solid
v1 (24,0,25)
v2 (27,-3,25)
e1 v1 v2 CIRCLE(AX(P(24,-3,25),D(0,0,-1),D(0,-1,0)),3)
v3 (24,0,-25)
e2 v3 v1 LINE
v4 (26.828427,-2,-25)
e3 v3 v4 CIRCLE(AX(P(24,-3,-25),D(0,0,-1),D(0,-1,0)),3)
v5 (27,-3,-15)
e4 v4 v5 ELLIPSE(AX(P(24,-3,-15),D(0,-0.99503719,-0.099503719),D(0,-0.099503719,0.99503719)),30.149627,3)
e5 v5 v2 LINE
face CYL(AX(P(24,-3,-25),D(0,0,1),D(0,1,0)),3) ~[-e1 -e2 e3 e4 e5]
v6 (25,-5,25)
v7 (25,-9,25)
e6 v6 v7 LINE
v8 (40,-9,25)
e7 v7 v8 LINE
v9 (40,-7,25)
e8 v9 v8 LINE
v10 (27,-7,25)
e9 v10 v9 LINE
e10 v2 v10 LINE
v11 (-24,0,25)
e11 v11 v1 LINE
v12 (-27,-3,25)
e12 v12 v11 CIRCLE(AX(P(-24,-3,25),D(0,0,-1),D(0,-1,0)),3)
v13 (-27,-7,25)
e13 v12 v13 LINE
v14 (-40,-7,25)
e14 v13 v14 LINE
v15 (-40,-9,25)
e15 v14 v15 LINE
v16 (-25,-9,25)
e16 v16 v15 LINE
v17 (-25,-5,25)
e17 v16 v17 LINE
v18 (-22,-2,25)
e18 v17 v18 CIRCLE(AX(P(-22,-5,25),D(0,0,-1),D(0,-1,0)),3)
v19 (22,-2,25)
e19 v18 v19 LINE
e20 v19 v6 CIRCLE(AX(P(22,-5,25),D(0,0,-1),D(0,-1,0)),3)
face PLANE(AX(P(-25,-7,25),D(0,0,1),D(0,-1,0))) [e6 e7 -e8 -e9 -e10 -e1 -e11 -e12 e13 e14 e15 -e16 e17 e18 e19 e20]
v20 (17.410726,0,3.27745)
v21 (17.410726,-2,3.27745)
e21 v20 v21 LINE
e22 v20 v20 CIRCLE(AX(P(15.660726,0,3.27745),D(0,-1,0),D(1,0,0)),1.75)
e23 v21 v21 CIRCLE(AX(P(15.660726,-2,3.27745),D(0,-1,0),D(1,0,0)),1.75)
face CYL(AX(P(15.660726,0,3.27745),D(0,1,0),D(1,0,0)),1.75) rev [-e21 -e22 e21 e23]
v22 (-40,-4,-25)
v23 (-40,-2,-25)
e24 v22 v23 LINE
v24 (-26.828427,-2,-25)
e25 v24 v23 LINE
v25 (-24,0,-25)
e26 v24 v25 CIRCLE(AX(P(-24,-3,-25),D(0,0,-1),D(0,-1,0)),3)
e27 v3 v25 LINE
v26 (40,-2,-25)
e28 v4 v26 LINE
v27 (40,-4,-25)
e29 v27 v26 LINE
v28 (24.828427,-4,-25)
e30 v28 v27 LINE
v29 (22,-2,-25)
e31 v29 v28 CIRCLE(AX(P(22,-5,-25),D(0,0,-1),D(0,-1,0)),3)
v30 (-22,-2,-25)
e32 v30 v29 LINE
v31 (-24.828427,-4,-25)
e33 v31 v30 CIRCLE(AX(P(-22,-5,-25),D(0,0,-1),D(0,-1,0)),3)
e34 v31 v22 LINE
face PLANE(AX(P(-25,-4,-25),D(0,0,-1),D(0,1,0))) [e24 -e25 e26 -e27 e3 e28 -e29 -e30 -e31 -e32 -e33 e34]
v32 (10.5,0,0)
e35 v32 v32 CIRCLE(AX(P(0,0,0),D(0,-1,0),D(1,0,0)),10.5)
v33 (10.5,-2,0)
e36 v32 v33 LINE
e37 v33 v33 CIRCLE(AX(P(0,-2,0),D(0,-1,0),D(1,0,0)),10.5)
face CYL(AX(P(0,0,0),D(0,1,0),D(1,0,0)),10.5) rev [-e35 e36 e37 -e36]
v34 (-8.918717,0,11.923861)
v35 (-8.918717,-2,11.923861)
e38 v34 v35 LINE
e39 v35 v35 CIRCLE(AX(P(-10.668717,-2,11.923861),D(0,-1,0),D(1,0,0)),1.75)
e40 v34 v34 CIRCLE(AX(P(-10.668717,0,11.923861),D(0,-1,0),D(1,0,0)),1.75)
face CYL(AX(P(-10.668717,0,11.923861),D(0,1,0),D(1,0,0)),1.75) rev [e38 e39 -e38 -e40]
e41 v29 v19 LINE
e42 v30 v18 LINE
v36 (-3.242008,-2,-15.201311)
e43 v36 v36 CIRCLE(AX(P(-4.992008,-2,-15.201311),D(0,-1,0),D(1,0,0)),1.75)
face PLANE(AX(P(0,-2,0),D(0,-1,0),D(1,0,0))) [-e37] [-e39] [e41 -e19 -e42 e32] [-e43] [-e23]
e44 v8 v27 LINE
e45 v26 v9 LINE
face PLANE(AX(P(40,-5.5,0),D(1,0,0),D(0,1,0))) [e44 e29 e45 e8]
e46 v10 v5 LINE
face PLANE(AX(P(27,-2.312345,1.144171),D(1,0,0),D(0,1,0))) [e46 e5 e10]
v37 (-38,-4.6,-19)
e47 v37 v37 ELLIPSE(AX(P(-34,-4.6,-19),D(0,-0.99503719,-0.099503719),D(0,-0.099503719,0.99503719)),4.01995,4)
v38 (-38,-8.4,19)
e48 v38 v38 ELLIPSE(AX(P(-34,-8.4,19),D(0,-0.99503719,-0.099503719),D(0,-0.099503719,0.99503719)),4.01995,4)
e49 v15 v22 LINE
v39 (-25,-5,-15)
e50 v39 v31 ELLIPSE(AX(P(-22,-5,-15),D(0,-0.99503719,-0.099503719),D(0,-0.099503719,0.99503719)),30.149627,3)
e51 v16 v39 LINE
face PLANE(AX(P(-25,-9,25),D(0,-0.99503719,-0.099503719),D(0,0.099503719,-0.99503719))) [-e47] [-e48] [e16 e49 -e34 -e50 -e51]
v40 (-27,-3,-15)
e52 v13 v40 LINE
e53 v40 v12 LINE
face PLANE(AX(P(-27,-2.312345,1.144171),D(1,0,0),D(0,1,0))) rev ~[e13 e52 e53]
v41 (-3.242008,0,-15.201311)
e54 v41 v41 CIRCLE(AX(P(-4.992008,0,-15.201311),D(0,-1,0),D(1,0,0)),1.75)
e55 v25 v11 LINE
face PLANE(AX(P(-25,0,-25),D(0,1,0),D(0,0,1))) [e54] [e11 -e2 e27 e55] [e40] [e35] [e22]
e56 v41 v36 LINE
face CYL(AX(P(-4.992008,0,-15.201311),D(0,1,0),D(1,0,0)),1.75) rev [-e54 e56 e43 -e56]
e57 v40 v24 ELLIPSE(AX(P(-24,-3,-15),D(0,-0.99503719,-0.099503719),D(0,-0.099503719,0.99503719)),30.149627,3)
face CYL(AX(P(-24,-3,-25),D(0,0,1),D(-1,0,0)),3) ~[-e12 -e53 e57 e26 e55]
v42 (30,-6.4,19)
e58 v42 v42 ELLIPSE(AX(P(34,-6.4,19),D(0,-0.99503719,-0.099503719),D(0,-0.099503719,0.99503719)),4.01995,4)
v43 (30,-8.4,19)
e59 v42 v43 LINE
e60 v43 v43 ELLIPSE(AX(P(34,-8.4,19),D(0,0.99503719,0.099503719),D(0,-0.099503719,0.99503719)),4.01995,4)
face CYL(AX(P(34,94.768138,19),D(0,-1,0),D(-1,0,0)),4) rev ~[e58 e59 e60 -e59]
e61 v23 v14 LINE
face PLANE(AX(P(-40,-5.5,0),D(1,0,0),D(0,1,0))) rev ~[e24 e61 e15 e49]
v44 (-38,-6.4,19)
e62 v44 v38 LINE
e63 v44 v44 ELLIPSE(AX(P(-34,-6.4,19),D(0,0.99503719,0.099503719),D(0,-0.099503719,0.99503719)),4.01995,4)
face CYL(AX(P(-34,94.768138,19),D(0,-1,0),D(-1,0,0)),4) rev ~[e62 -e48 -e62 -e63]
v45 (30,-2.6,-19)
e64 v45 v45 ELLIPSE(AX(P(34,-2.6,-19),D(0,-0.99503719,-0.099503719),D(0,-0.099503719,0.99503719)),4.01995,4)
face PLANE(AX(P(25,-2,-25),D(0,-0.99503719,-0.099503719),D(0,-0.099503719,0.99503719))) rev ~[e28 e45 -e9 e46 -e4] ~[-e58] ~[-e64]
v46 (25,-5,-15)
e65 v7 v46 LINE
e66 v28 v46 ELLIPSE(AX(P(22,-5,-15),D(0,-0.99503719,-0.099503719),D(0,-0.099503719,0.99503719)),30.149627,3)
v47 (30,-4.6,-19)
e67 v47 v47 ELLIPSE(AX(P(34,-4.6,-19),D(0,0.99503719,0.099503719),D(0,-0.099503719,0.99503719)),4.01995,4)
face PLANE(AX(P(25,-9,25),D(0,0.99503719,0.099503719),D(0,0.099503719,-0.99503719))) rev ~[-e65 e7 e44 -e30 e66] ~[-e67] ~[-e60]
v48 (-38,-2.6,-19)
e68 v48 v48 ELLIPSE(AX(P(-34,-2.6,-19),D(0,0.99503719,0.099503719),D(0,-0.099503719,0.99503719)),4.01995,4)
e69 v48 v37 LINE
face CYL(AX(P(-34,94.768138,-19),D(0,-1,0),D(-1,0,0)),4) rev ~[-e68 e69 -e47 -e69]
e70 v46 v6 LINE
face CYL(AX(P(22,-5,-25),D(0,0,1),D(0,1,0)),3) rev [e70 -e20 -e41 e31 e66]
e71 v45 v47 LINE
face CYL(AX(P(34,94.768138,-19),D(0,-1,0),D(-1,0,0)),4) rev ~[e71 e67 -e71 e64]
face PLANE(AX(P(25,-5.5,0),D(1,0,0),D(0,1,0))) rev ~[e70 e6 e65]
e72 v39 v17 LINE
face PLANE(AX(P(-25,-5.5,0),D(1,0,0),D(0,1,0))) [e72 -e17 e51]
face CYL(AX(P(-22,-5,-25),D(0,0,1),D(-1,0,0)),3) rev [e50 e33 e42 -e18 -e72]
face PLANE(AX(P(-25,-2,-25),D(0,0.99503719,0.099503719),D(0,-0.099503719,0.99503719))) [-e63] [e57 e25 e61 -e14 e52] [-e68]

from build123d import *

# Parameters (mm, degrees)
F0_W     = 50
F0_H     = 50
F0_R     = 1.75
F0_R_2   = 10.5
F1_DEPTH = 2
F3_START = 25
F3_DEPTH = 2
F5_START = -25
F5_DEPTH = 2
F7_START = 25
F7_DEPTH = 15
F8_START = -25
F8_DEPTH = 15
F10_D    = 8
F11_R    = 3


with BuildPart() as f1:
    # F0 (on Front) → F1 (new body)
    with BuildSketch(Plane.XZ):
        Rectangle(F0_W, F0_H)
        with Locations((-4.9920080166, -15.2013109949)):
            Circle(F0_R, mode=Mode.SUBTRACT)
        with Locations((-10.6687174841, 11.9238612557)):
            Circle(F0_R, mode=Mode.SUBTRACT)
        Circle(F0_R_2, mode=Mode.SUBTRACT)
        with Locations((15.6607255007, 3.2774497392)):
            Circle(F0_R, mode=Mode.SUBTRACT)
    extrude(amount=F1_DEPTH)

    # F2 (on Right) → F3 (join)
    with BuildSketch(Plane.YZ.offset(F3_START)):
        Polygon((0, 25), (-2, 25), (-7, 25), (-2, -25), (0, -25), align=None)
    extrude(amount=F3_DEPTH)

    # F4 (on Right) → F5 (join)
    with BuildSketch(Plane.YZ.offset(F5_START)):
        Polygon((0, -25), (0, 25), (-2, 25), (-7, 25), (-2, -25), align=None)
    extrude(amount=-F5_DEPTH)

    # F6 (on Right) → F7 (join)
    with BuildSketch(Plane.YZ.offset(F7_START)):
        Polygon((-2, -25), (-7, 25), (-9, 25), (-4, -25), align=None)
    extrude(amount=F7_DEPTH)

    # F6 (on Right) → F8 (join)
    with BuildSketch(Plane.YZ.offset(F8_START)):
        Polygon((-2, -25), (-7, 25), (-9, 25), (-4, -25), align=None)
    extrude(amount=-F8_DEPTH)

    # F10 (through all)
    with Locations(Plane(origin=(0, 0, 0), x_dir=(1, 0, 0), z_dir=(0, 1, 0))):
        with Locations((-34, -19), (-34, 19), (34, 19), (34, -19)):
            Hole(F10_D / 2)

    # F11
    f11_edges = [f1.edges().sort_by_distance(p)[0] for p in [
        (-27, 0, 0),
        (27, 0, 0),
        (25, -2, 0),
        (-25, -2, 0),
    ]]
    fillet(f11_edges, radius=F11_R)


solid = f1.part
